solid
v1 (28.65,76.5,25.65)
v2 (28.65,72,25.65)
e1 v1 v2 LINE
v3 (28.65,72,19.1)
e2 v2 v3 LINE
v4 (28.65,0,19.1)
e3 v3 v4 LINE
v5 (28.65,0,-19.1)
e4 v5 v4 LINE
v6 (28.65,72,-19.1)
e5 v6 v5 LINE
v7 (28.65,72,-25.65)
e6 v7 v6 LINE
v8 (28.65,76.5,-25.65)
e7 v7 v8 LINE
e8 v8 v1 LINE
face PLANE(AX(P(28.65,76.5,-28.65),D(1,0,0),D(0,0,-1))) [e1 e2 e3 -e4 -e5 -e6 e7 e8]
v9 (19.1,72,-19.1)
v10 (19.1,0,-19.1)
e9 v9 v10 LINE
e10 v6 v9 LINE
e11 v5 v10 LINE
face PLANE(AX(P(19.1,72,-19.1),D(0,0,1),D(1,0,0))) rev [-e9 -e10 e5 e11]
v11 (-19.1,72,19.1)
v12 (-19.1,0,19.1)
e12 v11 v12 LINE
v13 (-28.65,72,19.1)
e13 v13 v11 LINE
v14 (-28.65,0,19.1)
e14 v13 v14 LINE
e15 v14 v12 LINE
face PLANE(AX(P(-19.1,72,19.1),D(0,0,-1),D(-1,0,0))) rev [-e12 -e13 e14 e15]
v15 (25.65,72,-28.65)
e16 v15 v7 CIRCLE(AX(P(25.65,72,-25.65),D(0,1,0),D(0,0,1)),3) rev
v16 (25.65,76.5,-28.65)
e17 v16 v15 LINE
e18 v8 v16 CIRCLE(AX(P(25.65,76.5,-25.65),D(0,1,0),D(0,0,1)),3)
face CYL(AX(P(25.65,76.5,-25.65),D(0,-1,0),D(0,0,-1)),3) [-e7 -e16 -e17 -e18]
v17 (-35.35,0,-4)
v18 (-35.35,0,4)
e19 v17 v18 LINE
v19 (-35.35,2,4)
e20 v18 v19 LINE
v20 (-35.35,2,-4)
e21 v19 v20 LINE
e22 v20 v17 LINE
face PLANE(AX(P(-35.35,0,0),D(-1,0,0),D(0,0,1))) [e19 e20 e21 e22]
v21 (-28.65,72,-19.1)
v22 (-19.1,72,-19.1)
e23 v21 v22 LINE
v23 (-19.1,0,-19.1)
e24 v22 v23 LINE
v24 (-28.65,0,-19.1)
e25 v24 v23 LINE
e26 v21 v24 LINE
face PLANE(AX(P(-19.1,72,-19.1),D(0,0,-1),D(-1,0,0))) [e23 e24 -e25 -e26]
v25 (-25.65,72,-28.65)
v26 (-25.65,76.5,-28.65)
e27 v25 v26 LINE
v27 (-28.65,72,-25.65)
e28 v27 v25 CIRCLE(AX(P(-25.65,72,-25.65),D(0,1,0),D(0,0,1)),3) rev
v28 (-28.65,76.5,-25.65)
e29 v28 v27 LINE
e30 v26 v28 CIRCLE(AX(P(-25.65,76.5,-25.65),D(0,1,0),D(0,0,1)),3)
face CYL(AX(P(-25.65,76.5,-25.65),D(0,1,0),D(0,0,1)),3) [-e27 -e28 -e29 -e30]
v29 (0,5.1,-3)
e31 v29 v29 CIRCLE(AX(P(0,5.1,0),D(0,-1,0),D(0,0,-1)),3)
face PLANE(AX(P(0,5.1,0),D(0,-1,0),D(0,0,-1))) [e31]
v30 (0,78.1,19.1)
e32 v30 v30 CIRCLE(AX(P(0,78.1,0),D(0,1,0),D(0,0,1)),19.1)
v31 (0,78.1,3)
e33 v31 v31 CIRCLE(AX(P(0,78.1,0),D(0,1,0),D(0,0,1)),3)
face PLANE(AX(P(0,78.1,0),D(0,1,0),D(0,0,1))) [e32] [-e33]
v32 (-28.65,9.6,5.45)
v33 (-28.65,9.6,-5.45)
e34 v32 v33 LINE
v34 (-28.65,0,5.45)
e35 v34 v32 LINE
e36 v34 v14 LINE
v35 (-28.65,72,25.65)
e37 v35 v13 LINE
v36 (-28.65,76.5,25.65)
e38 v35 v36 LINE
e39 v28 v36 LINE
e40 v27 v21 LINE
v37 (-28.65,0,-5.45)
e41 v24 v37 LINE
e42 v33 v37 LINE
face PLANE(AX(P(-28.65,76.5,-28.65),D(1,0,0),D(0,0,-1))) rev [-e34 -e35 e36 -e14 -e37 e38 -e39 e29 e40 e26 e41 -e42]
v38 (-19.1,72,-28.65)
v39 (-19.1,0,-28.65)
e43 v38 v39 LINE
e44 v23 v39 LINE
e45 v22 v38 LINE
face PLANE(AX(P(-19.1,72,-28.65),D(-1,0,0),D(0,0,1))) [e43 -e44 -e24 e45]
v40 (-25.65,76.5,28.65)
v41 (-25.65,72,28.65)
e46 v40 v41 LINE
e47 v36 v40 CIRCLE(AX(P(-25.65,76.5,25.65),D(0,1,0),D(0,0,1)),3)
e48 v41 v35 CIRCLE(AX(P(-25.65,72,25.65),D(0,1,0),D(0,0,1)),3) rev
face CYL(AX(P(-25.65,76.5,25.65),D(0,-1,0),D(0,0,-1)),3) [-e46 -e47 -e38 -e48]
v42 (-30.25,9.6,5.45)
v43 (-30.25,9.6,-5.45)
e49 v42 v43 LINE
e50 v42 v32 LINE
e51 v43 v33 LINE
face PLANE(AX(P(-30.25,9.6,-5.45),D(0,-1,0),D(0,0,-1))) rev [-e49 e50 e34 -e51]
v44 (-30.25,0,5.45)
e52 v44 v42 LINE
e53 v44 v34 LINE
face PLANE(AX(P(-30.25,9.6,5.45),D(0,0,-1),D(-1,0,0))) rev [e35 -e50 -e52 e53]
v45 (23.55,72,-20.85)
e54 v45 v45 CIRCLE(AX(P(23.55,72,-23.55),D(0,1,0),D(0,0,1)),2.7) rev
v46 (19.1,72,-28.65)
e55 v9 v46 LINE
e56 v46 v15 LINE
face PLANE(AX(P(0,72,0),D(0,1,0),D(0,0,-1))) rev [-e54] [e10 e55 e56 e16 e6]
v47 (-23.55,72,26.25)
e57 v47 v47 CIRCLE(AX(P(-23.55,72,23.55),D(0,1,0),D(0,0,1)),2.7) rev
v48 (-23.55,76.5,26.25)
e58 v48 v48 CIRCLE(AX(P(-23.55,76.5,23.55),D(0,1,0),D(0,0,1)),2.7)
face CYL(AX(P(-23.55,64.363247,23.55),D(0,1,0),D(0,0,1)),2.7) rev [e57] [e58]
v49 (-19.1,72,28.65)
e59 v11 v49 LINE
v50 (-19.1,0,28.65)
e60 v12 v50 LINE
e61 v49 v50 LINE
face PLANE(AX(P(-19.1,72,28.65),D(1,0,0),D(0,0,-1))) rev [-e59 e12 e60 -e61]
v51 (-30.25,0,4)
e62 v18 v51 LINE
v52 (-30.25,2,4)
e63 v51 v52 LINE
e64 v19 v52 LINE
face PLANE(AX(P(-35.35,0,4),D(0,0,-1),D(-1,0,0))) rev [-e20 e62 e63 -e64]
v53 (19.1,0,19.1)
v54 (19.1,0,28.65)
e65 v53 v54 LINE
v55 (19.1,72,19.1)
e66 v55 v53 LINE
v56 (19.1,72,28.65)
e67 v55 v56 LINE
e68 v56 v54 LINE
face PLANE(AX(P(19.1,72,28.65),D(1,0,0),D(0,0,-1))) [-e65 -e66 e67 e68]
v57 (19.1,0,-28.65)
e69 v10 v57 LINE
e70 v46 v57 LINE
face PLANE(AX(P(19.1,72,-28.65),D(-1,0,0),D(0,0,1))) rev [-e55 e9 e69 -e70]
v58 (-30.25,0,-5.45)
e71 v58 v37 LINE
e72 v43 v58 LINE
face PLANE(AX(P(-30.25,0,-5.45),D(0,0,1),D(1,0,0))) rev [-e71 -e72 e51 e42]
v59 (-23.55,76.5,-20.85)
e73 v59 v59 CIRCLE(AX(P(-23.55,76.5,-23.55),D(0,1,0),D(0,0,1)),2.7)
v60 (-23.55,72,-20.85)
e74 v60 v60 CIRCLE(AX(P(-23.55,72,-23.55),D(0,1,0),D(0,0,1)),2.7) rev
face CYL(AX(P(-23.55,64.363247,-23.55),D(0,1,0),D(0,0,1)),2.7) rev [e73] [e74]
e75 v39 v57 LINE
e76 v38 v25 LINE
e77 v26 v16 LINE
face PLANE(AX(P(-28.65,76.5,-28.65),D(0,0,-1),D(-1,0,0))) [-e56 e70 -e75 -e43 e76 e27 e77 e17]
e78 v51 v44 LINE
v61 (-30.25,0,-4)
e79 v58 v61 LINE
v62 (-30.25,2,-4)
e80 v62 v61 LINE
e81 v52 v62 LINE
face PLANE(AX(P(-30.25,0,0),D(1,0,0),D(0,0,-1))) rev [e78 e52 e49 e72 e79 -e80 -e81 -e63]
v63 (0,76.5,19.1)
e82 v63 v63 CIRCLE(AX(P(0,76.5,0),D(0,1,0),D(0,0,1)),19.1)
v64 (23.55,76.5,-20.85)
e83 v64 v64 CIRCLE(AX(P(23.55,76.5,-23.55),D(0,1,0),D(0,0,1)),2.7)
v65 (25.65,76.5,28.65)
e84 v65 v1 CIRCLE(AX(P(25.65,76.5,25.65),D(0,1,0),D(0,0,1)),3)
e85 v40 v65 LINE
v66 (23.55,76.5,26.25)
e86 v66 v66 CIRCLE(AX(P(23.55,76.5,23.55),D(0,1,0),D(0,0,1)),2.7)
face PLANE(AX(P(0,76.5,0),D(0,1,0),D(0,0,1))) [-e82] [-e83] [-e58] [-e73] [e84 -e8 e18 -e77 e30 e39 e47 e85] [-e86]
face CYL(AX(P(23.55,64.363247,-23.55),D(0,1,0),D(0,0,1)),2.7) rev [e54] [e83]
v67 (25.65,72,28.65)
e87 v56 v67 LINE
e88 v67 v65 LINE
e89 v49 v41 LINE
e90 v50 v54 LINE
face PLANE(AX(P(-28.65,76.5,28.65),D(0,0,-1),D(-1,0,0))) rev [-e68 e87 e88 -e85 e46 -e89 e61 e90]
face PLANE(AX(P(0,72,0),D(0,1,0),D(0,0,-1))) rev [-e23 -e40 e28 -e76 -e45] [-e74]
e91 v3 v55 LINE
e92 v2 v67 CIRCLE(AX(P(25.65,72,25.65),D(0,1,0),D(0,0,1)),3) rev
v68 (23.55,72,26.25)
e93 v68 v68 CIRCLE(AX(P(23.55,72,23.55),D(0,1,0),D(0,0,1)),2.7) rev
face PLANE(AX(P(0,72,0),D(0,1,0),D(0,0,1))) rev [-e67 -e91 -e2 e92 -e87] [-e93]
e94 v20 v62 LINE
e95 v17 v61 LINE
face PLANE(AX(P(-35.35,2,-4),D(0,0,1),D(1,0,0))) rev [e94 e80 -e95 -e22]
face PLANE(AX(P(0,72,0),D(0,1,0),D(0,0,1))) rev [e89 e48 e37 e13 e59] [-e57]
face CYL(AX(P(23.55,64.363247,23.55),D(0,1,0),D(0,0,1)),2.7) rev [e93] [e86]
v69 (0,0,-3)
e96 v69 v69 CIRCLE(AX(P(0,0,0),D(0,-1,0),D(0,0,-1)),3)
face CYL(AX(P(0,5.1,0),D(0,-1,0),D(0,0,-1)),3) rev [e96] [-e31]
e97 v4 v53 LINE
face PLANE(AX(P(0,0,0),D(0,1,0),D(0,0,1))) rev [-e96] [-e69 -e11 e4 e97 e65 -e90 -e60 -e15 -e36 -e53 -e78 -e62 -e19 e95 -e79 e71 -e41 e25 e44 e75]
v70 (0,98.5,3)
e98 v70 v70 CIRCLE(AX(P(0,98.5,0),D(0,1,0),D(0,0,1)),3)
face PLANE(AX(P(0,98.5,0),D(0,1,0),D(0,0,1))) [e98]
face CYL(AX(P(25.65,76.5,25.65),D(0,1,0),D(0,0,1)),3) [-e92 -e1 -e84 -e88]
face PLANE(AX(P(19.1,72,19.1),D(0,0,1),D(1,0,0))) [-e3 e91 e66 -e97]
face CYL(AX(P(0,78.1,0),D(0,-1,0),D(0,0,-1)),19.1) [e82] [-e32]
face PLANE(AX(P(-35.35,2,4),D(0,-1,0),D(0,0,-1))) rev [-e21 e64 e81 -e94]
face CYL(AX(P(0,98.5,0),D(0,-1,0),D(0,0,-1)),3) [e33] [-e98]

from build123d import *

# Parameters (mm, degrees)
SKETCH1_W               = 57.3
SKETCH1_H               = 57.3
BOSS_EXTRUDE1_DEPTH     = 76.5
SKETCH2_W               = 9.55
SKETCH2_H               = 9.55
CUT_EXTRUDE1_DEPTH      = 72
MIRROR2_COPY_1_SKETCH_W = 9.55
MIRROR2_COPY_1_SKETCH_H = 9.55
MIRROR2_COPY_1_DEPTH    = 72
SKETCH3_R               = 19.1
BOSS_EXTRUDE2_DEPTH     = 1.6
SKETCH4_R               = 3
BOSS_EXTRUDE3_DEPTH     = 20.4
SKETCH5_R               = 2.7
CUT_EXTRUDE2_DEPTH      = 4.5
FILLET2_R               = 3
BOSS_EXTRUDE4_DEPTH     = 1.6
BOSS_EXTRUDE5_DEPTH     = 5.1
SKETCH9_R               = 3
CUT_EXTRUDE3_DEPTH      = 5.1


with BuildPart() as part:
    # Sketch1 → Boss-Extrude1 (new body)
    with BuildSketch(Plane(origin=(0, 0, 0), x_dir=(1, 0, 0), z_dir=(0, 1, 0))):
        Rectangle(SKETCH1_W, SKETCH1_H)
    extrude(amount=BOSS_EXTRUDE1_DEPTH)

    # Sketch2 → Cut-Extrude1 (cut)
    with BuildSketch(Plane.XZ):
        with Locations((-23.875, 23.875)):
            Rectangle(SKETCH2_W, SKETCH2_H)
    cut_extrude1 = extrude(amount=-CUT_EXTRUDE1_DEPTH, mode=Mode.SUBTRACT)

    # Mirror1: Cut-Extrude1 across plane
    add(cut_extrude1.mirror(Plane(origin=(0, 0, 0), x_dir=(0, 0, 1), z_dir=(1, 0, 0))), mode=Mode.SUBTRACT)

    # Mirror2: Cut-Extrude1 across plane
    add(cut_extrude1.mirror(Plane.XY), mode=Mode.SUBTRACT)

    # Mirror2 copy 1 sketch → Mirror2 copy 1 (cut)
    with BuildSketch(Plane(origin=(0, 0, 0), x_dir=(-1, 0, 0), z_dir=(0, -1, 0))):
        with Locations((-23.875, 23.875)):
            Rectangle(MIRROR2_COPY_1_SKETCH_W, MIRROR2_COPY_1_SKETCH_H)
    extrude(amount=-MIRROR2_COPY_1_DEPTH, mode=Mode.SUBTRACT)

    # Sketch3 → Boss-Extrude2 (add)
    with BuildSketch(Plane(origin=(0, 76.5, 0), x_dir=(1, 0, 0), z_dir=(0, 1, 0))):
        Circle(SKETCH3_R)
    extrude(amount=BOSS_EXTRUDE2_DEPTH)

    # Sketch4 → Boss-Extrude3 (add)
    with BuildSketch(Plane(origin=(0, 78.1, 0), x_dir=(1, 0, 0), z_dir=(0, 1, 0))):
        Circle(SKETCH4_R)
    extrude(amount=BOSS_EXTRUDE3_DEPTH)

    # Sketch5 → Cut-Extrude2 (cut)
    with BuildSketch(Plane(origin=(0, 76.5, 0), x_dir=(1, 0, 0), z_dir=(0, 1, 0))):
        with Locations((-23.55, 23.55)):
            Circle(SKETCH5_R)
        with Locations((23.55, 23.55)):
            Circle(SKETCH5_R)
        with Locations((23.55, -23.55)):
            Circle(SKETCH5_R)
        with Locations((-23.55, -23.55)):
            Circle(SKETCH5_R)
    extrude(amount=-CUT_EXTRUDE2_DEPTH, mode=Mode.SUBTRACT)

    # Fillet2
    fillet2_edges = [part.edges().sort_by_distance(p)[0] for p in [
        (-28.65, 74.25, -28.65),
        (28.65, 74.25, -28.65),
        (28.65, 74.25, 28.65),
        (-28.65, 74.25, 28.65),
    ]]
    fillet(fillet2_edges, radius=FILLET2_R)

    # Sketch6 → Boss-Extrude4 (add)
    with BuildSketch(Plane.ZY.offset(28.65)):
        Polygon((0, 0), (5.45, 0), (5.45, 9.6), (-5.45, 9.6), (-5.45, 0), align=None)
    extrude(amount=BOSS_EXTRUDE4_DEPTH)

    # Sketch7 → Boss-Extrude5 (add)
    with BuildSketch(Plane.ZY.offset(30.25)):
        Polygon((0, 0), (-4, 0), (-4, 2), (4, 2), (4, 0), align=None)
    extrude(amount=BOSS_EXTRUDE5_DEPTH)

    # Sketch9 → Cut-Extrude3 (cut)
    with BuildSketch(Plane.XZ):
        Circle(SKETCH9_R)
    extrude(amount=-CUT_EXTRUDE3_DEPTH, mode=Mode.SUBTRACT)


solid = part.part
